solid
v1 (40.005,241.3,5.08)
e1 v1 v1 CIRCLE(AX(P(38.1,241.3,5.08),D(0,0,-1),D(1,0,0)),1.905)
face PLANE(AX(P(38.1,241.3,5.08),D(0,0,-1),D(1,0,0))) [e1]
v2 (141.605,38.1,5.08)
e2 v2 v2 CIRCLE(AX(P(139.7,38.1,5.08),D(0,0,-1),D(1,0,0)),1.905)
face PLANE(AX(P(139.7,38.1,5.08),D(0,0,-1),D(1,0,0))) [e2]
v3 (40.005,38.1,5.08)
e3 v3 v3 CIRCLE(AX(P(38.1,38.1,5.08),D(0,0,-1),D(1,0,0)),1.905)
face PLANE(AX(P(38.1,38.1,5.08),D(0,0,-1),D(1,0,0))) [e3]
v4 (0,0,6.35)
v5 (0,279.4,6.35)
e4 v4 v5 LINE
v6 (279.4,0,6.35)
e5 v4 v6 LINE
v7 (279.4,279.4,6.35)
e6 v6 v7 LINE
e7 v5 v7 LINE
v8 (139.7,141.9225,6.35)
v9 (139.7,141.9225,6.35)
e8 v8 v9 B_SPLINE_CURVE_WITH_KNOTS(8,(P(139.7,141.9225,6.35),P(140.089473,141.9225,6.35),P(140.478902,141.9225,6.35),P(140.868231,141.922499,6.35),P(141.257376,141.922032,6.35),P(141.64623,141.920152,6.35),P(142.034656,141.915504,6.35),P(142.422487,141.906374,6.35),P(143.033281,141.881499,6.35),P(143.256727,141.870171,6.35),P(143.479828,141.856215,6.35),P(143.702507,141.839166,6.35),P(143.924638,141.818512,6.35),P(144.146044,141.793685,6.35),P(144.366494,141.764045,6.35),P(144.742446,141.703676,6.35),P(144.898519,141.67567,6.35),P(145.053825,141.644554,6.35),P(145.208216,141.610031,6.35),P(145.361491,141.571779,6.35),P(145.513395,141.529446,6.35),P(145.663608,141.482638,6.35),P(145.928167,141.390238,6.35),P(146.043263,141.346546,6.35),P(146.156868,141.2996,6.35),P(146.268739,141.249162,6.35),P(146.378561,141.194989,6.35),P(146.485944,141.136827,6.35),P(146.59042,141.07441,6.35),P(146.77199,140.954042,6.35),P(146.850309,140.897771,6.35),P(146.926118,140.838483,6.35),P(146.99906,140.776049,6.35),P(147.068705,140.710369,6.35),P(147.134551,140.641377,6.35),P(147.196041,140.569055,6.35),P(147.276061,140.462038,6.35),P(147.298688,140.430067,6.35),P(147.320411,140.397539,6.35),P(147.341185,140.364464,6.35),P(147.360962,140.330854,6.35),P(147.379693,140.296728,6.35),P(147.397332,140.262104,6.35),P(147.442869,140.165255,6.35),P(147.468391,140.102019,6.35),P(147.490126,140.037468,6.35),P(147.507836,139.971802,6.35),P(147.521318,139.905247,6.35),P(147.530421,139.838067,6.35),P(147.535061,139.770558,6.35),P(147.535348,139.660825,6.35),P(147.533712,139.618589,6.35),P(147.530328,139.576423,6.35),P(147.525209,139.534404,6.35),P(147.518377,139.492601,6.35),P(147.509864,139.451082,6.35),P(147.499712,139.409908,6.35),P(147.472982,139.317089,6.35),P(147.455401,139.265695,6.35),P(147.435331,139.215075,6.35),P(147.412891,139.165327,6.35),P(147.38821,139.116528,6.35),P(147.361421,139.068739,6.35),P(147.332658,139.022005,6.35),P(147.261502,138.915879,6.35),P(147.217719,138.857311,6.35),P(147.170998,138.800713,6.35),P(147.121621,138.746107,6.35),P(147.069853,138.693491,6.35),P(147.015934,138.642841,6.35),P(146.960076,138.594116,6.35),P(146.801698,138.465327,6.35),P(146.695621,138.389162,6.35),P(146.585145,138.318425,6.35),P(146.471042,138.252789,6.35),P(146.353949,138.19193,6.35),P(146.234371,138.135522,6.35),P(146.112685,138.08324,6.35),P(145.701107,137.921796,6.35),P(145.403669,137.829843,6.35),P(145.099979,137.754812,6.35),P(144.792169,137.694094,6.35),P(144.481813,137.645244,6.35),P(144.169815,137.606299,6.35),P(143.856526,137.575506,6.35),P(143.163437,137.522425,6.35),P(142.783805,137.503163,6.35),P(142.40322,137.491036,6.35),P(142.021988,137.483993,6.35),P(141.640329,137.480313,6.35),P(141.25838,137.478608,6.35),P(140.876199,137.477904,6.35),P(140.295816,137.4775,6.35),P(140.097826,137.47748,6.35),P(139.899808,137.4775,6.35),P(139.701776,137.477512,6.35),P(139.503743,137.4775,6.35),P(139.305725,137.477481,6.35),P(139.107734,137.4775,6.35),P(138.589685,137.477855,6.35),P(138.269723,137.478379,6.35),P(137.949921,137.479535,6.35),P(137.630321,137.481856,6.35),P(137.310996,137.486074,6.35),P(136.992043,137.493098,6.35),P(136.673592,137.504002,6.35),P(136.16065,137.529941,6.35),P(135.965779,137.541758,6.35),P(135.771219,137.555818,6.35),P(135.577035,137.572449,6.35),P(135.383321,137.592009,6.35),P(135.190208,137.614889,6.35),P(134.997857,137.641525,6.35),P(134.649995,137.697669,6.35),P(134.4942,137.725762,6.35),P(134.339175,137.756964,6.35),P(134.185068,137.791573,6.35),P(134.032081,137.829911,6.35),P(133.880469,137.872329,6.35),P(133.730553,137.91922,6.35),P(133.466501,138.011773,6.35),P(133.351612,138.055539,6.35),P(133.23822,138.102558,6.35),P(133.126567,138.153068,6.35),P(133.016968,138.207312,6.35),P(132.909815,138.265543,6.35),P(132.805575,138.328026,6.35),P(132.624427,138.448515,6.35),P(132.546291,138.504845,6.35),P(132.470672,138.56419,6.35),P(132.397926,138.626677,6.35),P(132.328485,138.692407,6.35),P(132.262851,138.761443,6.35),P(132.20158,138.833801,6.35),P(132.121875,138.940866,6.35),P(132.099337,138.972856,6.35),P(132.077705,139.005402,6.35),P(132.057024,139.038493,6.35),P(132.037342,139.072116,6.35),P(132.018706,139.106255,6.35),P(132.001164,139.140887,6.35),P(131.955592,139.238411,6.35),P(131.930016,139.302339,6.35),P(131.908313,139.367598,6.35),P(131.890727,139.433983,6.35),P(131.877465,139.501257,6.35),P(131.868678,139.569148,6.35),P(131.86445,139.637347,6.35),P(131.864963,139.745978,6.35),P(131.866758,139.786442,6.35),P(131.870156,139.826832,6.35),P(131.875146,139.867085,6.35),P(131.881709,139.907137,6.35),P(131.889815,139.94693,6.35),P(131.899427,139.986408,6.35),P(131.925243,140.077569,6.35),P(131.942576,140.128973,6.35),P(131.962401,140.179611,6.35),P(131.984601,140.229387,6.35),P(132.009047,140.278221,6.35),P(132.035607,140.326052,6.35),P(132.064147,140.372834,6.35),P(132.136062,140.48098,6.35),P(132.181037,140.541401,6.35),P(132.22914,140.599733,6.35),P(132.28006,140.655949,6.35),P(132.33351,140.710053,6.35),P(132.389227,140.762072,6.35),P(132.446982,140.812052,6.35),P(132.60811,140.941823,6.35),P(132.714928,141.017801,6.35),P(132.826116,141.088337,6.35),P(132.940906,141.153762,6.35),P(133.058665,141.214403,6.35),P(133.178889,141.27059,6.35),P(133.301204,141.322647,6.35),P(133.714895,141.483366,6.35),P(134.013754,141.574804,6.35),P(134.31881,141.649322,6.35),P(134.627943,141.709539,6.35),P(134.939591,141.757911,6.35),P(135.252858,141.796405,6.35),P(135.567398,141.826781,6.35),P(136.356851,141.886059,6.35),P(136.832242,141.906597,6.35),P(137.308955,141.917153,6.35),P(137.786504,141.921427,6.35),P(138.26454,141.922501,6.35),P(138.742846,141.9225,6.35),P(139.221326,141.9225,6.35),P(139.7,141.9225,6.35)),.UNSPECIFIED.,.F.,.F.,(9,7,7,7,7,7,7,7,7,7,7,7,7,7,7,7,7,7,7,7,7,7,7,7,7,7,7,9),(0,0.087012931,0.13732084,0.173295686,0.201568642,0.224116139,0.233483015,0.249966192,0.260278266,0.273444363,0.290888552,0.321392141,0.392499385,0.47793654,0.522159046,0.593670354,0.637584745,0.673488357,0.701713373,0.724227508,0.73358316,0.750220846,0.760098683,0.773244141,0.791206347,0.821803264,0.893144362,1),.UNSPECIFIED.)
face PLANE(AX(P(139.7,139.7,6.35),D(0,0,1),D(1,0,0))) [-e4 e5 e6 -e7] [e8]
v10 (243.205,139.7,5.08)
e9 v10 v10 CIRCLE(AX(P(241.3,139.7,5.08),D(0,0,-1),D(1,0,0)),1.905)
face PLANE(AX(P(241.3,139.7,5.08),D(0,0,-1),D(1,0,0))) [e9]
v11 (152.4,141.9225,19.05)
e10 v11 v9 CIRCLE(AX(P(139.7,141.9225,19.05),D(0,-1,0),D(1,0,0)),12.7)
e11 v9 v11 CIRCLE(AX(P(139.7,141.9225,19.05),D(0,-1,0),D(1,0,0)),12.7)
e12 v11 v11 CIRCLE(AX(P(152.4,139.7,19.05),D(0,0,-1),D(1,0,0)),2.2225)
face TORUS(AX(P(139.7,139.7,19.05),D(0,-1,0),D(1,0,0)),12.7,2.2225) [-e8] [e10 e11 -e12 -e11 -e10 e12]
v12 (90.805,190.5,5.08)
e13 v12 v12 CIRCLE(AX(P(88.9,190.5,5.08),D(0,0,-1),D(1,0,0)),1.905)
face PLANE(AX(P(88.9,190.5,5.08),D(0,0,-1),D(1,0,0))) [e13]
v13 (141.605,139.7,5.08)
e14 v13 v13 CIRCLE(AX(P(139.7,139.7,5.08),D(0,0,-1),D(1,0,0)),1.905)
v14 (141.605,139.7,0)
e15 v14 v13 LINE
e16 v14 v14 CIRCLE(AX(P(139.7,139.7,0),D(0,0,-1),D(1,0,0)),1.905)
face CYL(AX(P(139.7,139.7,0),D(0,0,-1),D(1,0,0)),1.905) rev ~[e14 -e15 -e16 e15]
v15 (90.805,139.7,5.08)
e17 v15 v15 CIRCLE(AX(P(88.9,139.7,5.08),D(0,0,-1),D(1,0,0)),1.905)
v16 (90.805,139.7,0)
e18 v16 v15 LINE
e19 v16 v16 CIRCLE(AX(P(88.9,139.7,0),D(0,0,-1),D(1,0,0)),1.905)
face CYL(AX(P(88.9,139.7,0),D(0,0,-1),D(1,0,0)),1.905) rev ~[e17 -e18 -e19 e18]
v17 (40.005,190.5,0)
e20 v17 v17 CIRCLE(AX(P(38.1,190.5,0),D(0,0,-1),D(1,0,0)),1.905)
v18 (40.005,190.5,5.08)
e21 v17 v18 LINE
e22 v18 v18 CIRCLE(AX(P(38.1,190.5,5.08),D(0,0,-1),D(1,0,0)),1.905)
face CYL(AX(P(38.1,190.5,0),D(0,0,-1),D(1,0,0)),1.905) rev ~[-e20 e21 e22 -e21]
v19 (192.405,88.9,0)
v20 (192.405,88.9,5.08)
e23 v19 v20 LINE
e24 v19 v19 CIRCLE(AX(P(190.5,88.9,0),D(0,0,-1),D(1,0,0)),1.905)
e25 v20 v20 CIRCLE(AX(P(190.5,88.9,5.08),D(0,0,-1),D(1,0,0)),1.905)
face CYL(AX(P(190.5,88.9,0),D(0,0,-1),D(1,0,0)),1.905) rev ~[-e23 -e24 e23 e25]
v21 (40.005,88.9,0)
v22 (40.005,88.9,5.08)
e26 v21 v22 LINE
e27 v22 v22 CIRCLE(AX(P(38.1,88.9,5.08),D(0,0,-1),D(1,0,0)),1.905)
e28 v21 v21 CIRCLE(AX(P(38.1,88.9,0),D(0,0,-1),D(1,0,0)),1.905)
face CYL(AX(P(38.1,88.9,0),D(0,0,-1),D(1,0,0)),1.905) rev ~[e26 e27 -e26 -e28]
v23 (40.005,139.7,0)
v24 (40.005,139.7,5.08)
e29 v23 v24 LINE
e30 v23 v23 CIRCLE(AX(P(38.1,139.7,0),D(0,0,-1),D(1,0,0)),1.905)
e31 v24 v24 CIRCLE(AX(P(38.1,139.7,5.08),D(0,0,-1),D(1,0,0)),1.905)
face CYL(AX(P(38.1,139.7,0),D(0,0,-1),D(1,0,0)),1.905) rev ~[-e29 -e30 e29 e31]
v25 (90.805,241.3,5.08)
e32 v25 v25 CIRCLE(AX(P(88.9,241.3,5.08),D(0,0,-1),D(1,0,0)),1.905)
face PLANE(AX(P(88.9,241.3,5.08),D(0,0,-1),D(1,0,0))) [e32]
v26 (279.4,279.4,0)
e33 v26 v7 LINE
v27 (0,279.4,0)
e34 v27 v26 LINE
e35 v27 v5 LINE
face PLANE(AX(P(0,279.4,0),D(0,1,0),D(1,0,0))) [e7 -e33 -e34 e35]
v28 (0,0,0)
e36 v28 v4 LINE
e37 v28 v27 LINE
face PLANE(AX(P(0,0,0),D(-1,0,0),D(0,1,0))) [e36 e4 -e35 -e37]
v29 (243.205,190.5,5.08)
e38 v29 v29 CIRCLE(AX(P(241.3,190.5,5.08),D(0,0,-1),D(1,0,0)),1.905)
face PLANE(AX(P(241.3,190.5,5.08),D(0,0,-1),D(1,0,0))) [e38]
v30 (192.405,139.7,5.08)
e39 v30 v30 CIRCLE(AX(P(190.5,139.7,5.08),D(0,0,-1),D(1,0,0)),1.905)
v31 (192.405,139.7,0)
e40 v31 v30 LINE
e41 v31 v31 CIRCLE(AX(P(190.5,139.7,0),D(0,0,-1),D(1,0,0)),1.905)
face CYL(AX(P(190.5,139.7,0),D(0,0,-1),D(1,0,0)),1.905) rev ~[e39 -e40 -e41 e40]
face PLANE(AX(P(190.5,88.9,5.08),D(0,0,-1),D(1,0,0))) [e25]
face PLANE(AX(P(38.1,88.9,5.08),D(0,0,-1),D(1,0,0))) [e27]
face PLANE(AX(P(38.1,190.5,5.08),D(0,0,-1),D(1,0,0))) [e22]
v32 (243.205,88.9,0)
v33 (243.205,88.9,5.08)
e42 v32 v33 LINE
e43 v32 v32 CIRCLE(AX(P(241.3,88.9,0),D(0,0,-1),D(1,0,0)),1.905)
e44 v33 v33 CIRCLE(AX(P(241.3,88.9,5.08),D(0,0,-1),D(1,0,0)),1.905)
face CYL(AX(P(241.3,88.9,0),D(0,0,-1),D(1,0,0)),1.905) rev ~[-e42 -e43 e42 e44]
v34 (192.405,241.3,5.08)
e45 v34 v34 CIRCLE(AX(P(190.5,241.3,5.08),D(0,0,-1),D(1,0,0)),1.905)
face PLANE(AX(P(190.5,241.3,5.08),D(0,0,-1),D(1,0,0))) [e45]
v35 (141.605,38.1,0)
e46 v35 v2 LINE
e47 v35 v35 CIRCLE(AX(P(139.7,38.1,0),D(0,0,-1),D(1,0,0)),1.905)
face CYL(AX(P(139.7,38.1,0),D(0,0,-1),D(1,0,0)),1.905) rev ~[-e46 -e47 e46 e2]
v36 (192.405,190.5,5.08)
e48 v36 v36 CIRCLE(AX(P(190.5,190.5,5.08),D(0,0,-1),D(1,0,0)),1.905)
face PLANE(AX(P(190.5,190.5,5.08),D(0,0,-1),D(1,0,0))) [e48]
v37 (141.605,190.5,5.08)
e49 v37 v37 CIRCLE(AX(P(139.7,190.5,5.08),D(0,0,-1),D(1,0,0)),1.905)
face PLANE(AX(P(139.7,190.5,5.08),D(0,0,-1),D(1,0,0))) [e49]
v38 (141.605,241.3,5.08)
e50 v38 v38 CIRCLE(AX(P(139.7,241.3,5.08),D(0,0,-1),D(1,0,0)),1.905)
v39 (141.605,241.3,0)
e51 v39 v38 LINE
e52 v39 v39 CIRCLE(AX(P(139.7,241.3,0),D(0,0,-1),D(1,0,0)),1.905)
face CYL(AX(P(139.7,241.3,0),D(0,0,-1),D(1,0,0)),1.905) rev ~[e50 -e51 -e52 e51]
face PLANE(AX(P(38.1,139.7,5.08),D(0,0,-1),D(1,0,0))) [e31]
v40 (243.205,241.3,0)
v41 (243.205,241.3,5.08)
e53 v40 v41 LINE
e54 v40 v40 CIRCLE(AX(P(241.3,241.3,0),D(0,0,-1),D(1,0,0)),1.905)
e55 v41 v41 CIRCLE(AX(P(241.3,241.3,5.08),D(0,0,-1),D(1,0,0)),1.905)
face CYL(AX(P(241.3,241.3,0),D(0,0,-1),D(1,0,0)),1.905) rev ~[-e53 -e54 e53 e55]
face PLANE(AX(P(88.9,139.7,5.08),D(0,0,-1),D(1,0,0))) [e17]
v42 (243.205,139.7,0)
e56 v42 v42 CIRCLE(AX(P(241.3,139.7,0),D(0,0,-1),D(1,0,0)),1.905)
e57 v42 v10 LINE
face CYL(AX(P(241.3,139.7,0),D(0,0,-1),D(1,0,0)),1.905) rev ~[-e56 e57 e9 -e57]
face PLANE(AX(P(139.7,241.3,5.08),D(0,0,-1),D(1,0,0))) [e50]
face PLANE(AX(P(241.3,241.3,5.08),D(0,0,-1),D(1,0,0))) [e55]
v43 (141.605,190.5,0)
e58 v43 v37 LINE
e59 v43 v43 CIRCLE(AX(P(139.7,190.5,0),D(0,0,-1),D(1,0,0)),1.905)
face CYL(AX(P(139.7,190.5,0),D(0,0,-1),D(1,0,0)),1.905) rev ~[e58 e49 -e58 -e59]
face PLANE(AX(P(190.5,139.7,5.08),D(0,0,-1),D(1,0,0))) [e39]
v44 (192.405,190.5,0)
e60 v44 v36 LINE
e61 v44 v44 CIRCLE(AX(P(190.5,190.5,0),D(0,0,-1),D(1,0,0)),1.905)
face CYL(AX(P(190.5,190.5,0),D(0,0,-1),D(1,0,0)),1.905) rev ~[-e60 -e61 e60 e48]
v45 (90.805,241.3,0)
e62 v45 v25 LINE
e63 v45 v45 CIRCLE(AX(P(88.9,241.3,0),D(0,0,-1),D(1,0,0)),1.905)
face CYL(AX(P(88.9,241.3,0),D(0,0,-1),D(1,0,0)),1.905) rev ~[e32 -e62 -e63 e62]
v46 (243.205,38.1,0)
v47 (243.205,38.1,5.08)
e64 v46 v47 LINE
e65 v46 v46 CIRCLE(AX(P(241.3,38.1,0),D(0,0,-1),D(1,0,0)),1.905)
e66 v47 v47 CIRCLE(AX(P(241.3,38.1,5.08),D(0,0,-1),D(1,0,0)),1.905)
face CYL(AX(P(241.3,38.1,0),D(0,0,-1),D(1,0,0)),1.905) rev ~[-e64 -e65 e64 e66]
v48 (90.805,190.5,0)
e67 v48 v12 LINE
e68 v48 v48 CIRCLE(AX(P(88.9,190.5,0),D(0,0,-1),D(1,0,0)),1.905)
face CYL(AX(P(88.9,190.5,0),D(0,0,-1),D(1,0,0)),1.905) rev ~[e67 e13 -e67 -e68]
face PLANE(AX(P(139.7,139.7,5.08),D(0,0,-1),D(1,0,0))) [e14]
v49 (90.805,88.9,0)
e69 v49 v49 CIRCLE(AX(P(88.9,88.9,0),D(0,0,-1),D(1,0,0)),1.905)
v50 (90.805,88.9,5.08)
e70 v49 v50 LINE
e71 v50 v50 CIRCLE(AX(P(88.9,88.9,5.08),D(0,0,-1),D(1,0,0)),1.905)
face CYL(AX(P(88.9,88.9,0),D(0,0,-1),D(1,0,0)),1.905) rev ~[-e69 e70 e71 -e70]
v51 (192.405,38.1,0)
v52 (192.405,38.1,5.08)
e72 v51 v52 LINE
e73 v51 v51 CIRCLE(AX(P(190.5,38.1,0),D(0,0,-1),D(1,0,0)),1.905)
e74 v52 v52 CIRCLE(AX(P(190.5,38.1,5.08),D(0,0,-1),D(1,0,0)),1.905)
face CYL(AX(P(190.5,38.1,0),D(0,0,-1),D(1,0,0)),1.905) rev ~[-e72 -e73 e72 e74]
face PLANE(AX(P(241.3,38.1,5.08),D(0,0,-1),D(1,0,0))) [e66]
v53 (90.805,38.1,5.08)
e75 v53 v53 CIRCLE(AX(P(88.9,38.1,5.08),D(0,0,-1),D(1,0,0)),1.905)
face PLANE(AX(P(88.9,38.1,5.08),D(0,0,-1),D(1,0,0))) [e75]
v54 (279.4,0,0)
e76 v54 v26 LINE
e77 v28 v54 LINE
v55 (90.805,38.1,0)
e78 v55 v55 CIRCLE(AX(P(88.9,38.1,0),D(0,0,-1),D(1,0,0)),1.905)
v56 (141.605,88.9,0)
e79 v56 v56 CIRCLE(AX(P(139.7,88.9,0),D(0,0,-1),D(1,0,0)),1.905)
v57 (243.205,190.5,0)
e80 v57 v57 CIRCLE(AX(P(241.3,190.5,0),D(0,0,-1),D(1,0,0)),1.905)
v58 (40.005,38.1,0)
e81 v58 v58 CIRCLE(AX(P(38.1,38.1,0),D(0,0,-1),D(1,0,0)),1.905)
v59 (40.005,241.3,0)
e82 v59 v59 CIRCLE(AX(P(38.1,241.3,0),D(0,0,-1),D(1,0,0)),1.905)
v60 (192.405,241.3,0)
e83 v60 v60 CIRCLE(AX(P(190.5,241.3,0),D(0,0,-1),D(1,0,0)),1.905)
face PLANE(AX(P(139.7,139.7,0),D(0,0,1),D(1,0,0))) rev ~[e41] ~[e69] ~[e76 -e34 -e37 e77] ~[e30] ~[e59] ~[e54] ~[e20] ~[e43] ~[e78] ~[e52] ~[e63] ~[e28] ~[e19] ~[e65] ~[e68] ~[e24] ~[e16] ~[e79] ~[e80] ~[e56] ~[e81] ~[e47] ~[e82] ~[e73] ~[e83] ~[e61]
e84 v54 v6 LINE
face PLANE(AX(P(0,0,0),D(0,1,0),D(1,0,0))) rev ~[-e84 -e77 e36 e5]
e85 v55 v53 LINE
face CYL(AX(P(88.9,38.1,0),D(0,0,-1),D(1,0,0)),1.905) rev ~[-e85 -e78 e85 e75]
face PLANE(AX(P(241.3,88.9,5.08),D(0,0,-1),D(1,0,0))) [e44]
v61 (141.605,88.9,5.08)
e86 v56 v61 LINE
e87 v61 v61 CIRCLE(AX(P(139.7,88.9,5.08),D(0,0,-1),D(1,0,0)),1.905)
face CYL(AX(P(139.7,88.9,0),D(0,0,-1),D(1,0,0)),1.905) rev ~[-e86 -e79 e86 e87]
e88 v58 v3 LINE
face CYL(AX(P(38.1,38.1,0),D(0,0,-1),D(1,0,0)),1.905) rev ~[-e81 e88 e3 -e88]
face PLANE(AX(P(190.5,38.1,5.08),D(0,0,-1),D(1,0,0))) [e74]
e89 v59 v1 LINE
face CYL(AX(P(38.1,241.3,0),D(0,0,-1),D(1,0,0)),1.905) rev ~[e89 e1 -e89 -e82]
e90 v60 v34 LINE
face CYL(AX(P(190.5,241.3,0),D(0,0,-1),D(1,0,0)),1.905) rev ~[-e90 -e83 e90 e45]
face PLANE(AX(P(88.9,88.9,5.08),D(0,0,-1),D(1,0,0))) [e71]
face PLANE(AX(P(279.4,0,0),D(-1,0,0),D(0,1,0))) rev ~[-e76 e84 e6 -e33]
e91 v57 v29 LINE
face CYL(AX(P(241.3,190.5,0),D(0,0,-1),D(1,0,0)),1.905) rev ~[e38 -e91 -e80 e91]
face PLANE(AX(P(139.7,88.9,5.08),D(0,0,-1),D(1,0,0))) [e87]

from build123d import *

# Parameters (mm, degrees)
F0_W     = 279.4
F0_H     = 279.4
F1_DEPTH = 6.35
F5_R     = 2.2225
F7_R     = 1.905
F8_DEPTH = 5.08


with BuildPart() as f1:
    # F0 (on Top) → F1 (new body)
    with BuildSketch(Plane.XY):
        with Locations((139.7, 139.7)):
            Rectangle(F0_W, F0_H)
    extrude(amount=F1_DEPTH)

    # F6: sweep along a path in F3
    with BuildLine(Plane.XZ.offset(-139.7)) as f6_path:
        CenterArc((139.7, 19.05), 12.7, 0, 360)
    # F5 (on offset) → F6 (sweep)
    with BuildSketch(Plane.YZ.offset(139.7)):
        with Locations((139.7, 6.35)):
            Circle(F5_R)
    sweep(path=f6_path.line)

    # F7 (on face) → F8 (cut)
    with BuildSketch(Plane(origin=(0, 0, 0), x_dir=(1, 0, 0), z_dir=(0, 0, -1))):
        with Locations((38.1, -38.1)):
            Circle(F7_R)
        with Locations((88.9, -38.1)):
            Circle(F7_R)
        with Locations((139.7, -38.1)):
            Circle(F7_R)
        with Locations((241.3, -38.1)):
            Circle(F7_R)
        with Locations((190.5, -38.1)):
            Circle(F7_R)
        with Locations((38.1, -88.9)):
            Circle(F7_R)
        with Locations((88.9, -88.9)):
            Circle(F7_R)
        with Locations((139.7, -88.9)):
            Circle(F7_R)
        with Locations((190.5, -88.9)):
            Circle(F7_R)
        with Locations((241.3, -88.9)):
            Circle(F7_R)
        with Locations((38.1, -139.7)):
            Circle(F7_R)
        with Locations((88.9, -139.7)):
            Circle(F7_R)
        with Locations((139.7, -139.7)):
            Circle(F7_R)
        with Locations((190.5, -139.7)):
            Circle(F7_R)
        with Locations((241.3, -139.7)):
            Circle(F7_R)
        with Locations((241.3, -190.5)):
            Circle(F7_R)
        with Locations((190.5, -190.5)):
            Circle(F7_R)
        with Locations((139.7, -190.5)):
            Circle(F7_R)
        with Locations((88.9, -190.5)):
            Circle(F7_R)
        with Locations((38.1, -190.5)):
            Circle(F7_R)
        with Locations((38.1, -241.3)):
            Circle(F7_R)
        with Locations((88.9, -241.3)):
            Circle(F7_R)
        with Locations((139.7, -241.3)):
            Circle(F7_R)
        with Locations((190.5, -241.3)):
            Circle(F7_R)
        with Locations((241.3, -241.3)):
            Circle(F7_R)
    extrude(amount=-F8_DEPTH, mode=Mode.SUBTRACT)


solid = f1.part
